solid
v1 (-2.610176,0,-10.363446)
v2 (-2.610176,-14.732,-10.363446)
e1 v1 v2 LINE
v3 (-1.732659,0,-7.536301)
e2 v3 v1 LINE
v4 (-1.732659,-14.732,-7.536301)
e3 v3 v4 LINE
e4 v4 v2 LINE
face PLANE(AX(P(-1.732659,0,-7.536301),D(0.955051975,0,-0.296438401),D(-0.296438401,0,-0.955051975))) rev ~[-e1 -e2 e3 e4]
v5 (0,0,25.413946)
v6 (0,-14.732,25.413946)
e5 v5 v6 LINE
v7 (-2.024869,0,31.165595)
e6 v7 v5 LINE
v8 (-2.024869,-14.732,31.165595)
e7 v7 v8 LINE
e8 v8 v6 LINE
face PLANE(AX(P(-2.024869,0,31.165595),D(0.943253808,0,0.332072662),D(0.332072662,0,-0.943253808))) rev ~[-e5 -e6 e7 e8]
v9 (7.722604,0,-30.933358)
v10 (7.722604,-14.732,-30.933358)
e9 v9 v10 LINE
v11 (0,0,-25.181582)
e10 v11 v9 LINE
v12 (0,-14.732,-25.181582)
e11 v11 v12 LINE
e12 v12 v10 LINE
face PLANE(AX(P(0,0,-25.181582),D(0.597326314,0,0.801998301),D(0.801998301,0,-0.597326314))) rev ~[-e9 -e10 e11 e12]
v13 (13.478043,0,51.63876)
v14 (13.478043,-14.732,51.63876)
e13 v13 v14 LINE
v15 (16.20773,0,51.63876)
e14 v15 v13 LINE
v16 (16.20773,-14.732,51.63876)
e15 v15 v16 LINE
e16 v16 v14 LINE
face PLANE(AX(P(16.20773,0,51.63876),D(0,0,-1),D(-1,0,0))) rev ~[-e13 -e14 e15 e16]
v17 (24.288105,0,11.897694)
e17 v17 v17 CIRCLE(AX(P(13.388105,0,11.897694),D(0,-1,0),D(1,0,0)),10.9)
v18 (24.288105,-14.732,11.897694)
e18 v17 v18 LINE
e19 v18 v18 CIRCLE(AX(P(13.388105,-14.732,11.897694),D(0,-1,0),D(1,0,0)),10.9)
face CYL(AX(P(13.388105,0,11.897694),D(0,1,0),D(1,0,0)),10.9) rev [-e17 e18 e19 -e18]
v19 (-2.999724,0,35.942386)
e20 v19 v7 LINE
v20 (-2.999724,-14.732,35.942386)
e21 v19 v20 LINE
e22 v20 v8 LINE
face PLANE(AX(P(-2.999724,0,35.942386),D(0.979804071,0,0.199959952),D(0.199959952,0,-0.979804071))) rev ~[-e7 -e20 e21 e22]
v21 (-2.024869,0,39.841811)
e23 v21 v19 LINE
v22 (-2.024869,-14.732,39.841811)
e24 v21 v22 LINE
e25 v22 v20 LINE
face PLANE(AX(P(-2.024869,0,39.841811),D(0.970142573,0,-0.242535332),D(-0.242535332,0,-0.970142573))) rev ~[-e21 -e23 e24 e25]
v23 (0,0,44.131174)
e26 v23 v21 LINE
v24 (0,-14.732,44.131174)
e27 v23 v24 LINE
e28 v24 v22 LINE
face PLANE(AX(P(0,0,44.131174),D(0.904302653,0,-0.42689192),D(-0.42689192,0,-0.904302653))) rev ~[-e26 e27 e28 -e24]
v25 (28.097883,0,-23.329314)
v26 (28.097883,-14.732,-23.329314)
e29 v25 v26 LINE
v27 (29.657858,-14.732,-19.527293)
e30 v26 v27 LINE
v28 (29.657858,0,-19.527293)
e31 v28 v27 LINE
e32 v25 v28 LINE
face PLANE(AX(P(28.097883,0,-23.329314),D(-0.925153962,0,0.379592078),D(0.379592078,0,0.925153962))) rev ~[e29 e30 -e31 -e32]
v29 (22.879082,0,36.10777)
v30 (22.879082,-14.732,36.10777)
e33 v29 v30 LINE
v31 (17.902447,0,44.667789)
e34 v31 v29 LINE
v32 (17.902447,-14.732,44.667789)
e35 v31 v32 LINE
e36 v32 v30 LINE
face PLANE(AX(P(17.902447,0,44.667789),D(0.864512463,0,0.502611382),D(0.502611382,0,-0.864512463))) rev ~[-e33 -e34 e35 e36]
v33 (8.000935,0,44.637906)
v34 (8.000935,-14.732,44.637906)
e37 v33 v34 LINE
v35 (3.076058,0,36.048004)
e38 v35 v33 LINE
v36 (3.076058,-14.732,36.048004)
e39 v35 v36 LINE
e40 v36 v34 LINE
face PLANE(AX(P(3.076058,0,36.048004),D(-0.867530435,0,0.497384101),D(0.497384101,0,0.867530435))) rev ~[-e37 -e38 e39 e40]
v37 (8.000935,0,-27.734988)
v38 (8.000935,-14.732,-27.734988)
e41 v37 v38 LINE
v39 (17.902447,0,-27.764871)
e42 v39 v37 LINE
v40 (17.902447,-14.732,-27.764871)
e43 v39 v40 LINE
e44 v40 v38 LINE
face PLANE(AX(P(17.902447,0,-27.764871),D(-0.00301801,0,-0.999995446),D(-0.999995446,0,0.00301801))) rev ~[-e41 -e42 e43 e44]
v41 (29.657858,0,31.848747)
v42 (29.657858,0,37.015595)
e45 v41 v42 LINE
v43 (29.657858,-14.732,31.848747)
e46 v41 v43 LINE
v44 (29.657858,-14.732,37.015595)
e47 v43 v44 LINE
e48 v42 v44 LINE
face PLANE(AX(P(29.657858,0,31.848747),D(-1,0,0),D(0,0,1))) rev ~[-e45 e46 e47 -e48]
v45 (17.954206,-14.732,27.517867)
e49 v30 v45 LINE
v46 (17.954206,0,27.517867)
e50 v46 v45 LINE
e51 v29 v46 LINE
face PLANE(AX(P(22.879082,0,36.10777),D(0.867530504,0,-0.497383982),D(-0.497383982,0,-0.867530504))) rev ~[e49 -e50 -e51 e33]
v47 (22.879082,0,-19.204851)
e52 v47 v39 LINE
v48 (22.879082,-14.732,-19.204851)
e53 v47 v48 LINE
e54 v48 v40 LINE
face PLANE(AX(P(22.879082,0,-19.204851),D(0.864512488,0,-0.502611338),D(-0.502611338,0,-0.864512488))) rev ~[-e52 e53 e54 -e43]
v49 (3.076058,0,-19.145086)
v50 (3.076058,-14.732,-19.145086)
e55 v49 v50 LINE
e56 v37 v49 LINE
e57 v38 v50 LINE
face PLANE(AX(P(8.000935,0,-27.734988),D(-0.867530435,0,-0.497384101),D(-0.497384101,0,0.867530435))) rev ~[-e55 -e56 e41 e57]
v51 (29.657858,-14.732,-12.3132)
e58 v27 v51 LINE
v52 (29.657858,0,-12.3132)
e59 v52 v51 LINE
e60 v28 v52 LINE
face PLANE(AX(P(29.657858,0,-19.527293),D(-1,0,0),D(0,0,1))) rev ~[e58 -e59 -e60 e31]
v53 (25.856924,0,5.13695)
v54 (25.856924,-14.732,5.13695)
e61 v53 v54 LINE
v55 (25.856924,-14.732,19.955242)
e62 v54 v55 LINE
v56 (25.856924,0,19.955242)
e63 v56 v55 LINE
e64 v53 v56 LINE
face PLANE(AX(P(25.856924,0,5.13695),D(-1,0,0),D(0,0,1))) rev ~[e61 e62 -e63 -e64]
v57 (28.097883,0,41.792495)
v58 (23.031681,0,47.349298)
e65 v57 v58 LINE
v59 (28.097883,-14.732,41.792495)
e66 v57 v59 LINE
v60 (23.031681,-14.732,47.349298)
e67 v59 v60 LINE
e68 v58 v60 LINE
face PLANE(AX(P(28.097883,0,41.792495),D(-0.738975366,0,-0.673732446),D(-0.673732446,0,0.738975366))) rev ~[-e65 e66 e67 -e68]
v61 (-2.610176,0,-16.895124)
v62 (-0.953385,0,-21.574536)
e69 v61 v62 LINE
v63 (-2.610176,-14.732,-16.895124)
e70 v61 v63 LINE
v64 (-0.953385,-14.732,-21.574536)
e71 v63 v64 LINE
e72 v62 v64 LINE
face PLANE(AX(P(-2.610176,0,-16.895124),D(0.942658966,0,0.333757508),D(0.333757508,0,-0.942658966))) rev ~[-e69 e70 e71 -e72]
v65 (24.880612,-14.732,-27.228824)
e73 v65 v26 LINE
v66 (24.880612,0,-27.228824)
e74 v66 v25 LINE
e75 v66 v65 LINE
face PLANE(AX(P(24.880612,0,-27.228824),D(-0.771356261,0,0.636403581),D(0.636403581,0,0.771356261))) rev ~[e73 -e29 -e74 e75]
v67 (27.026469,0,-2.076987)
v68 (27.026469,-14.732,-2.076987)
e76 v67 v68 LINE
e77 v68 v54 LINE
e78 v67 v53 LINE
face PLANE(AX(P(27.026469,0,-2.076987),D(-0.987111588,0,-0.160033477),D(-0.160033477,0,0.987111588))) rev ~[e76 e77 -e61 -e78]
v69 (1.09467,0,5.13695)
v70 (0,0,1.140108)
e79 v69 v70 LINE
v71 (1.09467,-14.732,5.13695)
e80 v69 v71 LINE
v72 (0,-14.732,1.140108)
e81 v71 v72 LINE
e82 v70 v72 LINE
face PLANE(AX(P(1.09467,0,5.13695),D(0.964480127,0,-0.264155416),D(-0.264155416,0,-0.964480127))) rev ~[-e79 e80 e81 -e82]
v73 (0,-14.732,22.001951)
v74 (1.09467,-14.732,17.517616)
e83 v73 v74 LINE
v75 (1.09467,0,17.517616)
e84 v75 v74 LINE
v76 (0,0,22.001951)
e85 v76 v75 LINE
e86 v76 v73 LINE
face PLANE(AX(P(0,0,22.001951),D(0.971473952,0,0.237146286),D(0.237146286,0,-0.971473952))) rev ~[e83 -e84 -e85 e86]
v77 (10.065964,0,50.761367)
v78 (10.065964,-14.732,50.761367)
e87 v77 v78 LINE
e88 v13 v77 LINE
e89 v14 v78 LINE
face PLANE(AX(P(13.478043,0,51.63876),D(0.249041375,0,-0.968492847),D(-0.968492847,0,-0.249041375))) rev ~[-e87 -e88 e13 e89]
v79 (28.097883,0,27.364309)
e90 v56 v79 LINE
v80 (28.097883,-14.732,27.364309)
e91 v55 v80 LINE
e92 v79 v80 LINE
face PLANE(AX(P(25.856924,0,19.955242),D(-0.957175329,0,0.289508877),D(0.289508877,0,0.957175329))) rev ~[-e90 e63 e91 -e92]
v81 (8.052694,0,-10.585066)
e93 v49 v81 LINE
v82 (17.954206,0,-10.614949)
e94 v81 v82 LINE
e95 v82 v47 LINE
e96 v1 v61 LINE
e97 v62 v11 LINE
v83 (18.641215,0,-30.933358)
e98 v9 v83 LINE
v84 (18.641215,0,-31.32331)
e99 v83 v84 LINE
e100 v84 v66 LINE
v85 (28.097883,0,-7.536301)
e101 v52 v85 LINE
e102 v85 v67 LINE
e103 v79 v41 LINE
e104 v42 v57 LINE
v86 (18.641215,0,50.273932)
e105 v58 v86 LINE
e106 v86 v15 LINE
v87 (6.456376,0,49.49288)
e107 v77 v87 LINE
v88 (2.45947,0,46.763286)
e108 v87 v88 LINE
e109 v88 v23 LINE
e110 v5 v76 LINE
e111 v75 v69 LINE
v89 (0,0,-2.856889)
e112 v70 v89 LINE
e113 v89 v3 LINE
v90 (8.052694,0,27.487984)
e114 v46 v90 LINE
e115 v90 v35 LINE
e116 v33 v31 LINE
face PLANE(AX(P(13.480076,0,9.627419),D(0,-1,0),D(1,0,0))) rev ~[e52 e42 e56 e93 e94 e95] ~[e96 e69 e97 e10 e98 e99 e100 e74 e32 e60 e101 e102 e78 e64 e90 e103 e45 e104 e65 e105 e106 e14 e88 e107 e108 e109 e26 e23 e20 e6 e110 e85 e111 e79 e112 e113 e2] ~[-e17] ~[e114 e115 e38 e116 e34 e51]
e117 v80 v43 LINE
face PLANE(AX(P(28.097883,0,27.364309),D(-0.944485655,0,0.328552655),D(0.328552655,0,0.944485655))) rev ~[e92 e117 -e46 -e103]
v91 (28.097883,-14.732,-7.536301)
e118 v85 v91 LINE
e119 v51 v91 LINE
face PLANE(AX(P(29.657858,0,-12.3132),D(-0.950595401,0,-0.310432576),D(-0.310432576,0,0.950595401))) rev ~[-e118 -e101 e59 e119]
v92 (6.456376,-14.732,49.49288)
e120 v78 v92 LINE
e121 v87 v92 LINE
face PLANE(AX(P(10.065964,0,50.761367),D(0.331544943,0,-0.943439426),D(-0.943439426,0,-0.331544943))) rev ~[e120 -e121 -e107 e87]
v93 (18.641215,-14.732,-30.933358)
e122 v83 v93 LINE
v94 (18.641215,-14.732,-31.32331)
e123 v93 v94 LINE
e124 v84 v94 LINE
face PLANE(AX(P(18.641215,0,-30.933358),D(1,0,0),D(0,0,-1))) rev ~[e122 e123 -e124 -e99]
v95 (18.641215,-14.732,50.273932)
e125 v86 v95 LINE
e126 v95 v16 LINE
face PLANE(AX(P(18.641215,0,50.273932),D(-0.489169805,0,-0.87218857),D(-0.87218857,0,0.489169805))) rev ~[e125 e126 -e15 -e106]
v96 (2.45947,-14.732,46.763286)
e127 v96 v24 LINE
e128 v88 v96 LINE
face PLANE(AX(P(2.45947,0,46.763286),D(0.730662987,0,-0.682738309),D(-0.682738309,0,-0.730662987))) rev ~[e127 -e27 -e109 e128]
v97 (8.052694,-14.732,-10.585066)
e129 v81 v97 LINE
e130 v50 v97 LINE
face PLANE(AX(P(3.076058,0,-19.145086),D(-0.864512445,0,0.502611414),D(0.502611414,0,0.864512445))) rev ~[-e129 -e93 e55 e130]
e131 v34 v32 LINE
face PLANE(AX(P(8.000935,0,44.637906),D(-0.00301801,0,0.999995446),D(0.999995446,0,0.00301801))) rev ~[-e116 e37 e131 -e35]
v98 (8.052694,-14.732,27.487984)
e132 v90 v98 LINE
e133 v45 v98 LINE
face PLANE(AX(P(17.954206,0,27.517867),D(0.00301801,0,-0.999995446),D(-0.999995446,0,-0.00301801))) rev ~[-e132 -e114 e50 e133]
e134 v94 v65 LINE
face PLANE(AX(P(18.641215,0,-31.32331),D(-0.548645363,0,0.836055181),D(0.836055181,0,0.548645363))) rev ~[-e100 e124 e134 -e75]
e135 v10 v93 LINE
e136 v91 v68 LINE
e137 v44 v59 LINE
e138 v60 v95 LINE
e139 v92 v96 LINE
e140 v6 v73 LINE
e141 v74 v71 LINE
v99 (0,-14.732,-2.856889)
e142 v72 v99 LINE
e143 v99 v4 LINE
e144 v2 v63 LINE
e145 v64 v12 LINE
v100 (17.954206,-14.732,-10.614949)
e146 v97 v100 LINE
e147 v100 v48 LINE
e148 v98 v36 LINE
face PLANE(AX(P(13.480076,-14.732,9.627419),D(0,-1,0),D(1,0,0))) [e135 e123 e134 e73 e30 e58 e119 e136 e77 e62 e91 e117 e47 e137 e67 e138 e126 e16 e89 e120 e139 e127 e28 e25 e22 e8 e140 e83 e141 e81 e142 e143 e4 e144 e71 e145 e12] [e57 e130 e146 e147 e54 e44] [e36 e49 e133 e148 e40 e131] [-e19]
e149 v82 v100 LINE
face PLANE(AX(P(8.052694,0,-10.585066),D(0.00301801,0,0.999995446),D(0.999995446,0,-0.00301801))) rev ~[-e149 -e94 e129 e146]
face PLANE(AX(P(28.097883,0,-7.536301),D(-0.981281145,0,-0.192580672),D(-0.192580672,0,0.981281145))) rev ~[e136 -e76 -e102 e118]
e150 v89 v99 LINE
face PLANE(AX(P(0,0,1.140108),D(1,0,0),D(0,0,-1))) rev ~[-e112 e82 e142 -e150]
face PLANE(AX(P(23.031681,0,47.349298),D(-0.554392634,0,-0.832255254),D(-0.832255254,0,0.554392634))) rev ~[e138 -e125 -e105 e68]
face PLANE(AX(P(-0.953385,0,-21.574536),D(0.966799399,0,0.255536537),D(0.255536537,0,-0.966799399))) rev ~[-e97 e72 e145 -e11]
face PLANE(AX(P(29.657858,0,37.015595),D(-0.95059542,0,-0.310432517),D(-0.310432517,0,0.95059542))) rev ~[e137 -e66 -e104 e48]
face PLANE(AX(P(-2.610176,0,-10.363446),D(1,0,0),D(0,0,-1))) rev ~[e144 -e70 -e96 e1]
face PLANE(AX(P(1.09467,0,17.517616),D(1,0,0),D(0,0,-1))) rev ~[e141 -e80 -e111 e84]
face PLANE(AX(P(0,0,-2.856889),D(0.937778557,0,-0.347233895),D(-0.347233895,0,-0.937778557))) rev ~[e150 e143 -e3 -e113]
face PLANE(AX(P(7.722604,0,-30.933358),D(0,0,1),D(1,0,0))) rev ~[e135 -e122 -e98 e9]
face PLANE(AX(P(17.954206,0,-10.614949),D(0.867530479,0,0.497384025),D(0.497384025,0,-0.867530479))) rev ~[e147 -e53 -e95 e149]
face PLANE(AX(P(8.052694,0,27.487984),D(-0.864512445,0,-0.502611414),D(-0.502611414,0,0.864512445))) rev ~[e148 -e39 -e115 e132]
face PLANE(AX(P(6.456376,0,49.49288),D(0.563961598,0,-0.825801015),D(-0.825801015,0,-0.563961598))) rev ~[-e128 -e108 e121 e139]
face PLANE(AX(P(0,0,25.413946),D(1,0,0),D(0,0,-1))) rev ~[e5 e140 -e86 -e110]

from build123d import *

# Parameters (mm, degrees)
F0_R     = 10.9
F1_DEPTH = 14.732


with BuildPart() as f1:
    # F0 (on Front) → F1 (new body)
    with BuildSketch(Plane.XZ):
        Polygon((10.065964, 50.761367), (6.456376, 49.49288), (2.45947, 46.763286), (0, 44.131174), (-2.024869, 39.841811), (-2.999724, 35.942386), (-2.024869, 31.165595), (0, 25.413946), (0, 22.001951), (1.09467, 17.517616), (1.09467, 8.451459), (1.09467, 5.13695), (0, 1.140108), (0, -2.856889), (-1.732659, -7.536301), (-2.610176, -10.363446), (-2.610176, -13.19059), (-2.610176, -16.895124), (-0.953385, -21.574536), (0, -25.181582), (7.722604, -30.933358), (18.641215, -30.933358), (18.641215, -31.32331), (24.880612, -27.228824), (28.097883, -23.329314), (29.657858, -19.527293), (29.657858, -16.895124), (29.657858, -12.3132), (28.097883, -7.536301), (27.026469, -2.076987), (25.856924, 5.13695), (25.856924, 12.156223), (25.856924, 19.955242), (28.097883, 27.364309), (29.657858, 31.848747), (29.657858, 37.015595), (28.097883, 41.792495), (23.031681, 47.349298), (18.641215, 50.273932), (16.20773, 51.63876), (13.478043, 51.63876), align=None)
        Polygon((22.879082, -19.204851), (17.902447, -27.764871), (8.000935, -27.734988), (3.076058, -19.145086), (8.052694, -10.585066), (17.954206, -10.614949), align=None, mode=Mode.SUBTRACT)
        Polygon((17.902447, 44.667789), (22.879082, 36.10777), (17.954206, 27.517867), (8.052694, 27.487984), (3.076058, 36.048004), (8.000935, 44.637906), align=None, mode=Mode.SUBTRACT)
        with Locations((13.388105, 11.897694)):
            Circle(F0_R, mode=Mode.SUBTRACT)
    extrude(amount=F1_DEPTH)


solid = f1.part
